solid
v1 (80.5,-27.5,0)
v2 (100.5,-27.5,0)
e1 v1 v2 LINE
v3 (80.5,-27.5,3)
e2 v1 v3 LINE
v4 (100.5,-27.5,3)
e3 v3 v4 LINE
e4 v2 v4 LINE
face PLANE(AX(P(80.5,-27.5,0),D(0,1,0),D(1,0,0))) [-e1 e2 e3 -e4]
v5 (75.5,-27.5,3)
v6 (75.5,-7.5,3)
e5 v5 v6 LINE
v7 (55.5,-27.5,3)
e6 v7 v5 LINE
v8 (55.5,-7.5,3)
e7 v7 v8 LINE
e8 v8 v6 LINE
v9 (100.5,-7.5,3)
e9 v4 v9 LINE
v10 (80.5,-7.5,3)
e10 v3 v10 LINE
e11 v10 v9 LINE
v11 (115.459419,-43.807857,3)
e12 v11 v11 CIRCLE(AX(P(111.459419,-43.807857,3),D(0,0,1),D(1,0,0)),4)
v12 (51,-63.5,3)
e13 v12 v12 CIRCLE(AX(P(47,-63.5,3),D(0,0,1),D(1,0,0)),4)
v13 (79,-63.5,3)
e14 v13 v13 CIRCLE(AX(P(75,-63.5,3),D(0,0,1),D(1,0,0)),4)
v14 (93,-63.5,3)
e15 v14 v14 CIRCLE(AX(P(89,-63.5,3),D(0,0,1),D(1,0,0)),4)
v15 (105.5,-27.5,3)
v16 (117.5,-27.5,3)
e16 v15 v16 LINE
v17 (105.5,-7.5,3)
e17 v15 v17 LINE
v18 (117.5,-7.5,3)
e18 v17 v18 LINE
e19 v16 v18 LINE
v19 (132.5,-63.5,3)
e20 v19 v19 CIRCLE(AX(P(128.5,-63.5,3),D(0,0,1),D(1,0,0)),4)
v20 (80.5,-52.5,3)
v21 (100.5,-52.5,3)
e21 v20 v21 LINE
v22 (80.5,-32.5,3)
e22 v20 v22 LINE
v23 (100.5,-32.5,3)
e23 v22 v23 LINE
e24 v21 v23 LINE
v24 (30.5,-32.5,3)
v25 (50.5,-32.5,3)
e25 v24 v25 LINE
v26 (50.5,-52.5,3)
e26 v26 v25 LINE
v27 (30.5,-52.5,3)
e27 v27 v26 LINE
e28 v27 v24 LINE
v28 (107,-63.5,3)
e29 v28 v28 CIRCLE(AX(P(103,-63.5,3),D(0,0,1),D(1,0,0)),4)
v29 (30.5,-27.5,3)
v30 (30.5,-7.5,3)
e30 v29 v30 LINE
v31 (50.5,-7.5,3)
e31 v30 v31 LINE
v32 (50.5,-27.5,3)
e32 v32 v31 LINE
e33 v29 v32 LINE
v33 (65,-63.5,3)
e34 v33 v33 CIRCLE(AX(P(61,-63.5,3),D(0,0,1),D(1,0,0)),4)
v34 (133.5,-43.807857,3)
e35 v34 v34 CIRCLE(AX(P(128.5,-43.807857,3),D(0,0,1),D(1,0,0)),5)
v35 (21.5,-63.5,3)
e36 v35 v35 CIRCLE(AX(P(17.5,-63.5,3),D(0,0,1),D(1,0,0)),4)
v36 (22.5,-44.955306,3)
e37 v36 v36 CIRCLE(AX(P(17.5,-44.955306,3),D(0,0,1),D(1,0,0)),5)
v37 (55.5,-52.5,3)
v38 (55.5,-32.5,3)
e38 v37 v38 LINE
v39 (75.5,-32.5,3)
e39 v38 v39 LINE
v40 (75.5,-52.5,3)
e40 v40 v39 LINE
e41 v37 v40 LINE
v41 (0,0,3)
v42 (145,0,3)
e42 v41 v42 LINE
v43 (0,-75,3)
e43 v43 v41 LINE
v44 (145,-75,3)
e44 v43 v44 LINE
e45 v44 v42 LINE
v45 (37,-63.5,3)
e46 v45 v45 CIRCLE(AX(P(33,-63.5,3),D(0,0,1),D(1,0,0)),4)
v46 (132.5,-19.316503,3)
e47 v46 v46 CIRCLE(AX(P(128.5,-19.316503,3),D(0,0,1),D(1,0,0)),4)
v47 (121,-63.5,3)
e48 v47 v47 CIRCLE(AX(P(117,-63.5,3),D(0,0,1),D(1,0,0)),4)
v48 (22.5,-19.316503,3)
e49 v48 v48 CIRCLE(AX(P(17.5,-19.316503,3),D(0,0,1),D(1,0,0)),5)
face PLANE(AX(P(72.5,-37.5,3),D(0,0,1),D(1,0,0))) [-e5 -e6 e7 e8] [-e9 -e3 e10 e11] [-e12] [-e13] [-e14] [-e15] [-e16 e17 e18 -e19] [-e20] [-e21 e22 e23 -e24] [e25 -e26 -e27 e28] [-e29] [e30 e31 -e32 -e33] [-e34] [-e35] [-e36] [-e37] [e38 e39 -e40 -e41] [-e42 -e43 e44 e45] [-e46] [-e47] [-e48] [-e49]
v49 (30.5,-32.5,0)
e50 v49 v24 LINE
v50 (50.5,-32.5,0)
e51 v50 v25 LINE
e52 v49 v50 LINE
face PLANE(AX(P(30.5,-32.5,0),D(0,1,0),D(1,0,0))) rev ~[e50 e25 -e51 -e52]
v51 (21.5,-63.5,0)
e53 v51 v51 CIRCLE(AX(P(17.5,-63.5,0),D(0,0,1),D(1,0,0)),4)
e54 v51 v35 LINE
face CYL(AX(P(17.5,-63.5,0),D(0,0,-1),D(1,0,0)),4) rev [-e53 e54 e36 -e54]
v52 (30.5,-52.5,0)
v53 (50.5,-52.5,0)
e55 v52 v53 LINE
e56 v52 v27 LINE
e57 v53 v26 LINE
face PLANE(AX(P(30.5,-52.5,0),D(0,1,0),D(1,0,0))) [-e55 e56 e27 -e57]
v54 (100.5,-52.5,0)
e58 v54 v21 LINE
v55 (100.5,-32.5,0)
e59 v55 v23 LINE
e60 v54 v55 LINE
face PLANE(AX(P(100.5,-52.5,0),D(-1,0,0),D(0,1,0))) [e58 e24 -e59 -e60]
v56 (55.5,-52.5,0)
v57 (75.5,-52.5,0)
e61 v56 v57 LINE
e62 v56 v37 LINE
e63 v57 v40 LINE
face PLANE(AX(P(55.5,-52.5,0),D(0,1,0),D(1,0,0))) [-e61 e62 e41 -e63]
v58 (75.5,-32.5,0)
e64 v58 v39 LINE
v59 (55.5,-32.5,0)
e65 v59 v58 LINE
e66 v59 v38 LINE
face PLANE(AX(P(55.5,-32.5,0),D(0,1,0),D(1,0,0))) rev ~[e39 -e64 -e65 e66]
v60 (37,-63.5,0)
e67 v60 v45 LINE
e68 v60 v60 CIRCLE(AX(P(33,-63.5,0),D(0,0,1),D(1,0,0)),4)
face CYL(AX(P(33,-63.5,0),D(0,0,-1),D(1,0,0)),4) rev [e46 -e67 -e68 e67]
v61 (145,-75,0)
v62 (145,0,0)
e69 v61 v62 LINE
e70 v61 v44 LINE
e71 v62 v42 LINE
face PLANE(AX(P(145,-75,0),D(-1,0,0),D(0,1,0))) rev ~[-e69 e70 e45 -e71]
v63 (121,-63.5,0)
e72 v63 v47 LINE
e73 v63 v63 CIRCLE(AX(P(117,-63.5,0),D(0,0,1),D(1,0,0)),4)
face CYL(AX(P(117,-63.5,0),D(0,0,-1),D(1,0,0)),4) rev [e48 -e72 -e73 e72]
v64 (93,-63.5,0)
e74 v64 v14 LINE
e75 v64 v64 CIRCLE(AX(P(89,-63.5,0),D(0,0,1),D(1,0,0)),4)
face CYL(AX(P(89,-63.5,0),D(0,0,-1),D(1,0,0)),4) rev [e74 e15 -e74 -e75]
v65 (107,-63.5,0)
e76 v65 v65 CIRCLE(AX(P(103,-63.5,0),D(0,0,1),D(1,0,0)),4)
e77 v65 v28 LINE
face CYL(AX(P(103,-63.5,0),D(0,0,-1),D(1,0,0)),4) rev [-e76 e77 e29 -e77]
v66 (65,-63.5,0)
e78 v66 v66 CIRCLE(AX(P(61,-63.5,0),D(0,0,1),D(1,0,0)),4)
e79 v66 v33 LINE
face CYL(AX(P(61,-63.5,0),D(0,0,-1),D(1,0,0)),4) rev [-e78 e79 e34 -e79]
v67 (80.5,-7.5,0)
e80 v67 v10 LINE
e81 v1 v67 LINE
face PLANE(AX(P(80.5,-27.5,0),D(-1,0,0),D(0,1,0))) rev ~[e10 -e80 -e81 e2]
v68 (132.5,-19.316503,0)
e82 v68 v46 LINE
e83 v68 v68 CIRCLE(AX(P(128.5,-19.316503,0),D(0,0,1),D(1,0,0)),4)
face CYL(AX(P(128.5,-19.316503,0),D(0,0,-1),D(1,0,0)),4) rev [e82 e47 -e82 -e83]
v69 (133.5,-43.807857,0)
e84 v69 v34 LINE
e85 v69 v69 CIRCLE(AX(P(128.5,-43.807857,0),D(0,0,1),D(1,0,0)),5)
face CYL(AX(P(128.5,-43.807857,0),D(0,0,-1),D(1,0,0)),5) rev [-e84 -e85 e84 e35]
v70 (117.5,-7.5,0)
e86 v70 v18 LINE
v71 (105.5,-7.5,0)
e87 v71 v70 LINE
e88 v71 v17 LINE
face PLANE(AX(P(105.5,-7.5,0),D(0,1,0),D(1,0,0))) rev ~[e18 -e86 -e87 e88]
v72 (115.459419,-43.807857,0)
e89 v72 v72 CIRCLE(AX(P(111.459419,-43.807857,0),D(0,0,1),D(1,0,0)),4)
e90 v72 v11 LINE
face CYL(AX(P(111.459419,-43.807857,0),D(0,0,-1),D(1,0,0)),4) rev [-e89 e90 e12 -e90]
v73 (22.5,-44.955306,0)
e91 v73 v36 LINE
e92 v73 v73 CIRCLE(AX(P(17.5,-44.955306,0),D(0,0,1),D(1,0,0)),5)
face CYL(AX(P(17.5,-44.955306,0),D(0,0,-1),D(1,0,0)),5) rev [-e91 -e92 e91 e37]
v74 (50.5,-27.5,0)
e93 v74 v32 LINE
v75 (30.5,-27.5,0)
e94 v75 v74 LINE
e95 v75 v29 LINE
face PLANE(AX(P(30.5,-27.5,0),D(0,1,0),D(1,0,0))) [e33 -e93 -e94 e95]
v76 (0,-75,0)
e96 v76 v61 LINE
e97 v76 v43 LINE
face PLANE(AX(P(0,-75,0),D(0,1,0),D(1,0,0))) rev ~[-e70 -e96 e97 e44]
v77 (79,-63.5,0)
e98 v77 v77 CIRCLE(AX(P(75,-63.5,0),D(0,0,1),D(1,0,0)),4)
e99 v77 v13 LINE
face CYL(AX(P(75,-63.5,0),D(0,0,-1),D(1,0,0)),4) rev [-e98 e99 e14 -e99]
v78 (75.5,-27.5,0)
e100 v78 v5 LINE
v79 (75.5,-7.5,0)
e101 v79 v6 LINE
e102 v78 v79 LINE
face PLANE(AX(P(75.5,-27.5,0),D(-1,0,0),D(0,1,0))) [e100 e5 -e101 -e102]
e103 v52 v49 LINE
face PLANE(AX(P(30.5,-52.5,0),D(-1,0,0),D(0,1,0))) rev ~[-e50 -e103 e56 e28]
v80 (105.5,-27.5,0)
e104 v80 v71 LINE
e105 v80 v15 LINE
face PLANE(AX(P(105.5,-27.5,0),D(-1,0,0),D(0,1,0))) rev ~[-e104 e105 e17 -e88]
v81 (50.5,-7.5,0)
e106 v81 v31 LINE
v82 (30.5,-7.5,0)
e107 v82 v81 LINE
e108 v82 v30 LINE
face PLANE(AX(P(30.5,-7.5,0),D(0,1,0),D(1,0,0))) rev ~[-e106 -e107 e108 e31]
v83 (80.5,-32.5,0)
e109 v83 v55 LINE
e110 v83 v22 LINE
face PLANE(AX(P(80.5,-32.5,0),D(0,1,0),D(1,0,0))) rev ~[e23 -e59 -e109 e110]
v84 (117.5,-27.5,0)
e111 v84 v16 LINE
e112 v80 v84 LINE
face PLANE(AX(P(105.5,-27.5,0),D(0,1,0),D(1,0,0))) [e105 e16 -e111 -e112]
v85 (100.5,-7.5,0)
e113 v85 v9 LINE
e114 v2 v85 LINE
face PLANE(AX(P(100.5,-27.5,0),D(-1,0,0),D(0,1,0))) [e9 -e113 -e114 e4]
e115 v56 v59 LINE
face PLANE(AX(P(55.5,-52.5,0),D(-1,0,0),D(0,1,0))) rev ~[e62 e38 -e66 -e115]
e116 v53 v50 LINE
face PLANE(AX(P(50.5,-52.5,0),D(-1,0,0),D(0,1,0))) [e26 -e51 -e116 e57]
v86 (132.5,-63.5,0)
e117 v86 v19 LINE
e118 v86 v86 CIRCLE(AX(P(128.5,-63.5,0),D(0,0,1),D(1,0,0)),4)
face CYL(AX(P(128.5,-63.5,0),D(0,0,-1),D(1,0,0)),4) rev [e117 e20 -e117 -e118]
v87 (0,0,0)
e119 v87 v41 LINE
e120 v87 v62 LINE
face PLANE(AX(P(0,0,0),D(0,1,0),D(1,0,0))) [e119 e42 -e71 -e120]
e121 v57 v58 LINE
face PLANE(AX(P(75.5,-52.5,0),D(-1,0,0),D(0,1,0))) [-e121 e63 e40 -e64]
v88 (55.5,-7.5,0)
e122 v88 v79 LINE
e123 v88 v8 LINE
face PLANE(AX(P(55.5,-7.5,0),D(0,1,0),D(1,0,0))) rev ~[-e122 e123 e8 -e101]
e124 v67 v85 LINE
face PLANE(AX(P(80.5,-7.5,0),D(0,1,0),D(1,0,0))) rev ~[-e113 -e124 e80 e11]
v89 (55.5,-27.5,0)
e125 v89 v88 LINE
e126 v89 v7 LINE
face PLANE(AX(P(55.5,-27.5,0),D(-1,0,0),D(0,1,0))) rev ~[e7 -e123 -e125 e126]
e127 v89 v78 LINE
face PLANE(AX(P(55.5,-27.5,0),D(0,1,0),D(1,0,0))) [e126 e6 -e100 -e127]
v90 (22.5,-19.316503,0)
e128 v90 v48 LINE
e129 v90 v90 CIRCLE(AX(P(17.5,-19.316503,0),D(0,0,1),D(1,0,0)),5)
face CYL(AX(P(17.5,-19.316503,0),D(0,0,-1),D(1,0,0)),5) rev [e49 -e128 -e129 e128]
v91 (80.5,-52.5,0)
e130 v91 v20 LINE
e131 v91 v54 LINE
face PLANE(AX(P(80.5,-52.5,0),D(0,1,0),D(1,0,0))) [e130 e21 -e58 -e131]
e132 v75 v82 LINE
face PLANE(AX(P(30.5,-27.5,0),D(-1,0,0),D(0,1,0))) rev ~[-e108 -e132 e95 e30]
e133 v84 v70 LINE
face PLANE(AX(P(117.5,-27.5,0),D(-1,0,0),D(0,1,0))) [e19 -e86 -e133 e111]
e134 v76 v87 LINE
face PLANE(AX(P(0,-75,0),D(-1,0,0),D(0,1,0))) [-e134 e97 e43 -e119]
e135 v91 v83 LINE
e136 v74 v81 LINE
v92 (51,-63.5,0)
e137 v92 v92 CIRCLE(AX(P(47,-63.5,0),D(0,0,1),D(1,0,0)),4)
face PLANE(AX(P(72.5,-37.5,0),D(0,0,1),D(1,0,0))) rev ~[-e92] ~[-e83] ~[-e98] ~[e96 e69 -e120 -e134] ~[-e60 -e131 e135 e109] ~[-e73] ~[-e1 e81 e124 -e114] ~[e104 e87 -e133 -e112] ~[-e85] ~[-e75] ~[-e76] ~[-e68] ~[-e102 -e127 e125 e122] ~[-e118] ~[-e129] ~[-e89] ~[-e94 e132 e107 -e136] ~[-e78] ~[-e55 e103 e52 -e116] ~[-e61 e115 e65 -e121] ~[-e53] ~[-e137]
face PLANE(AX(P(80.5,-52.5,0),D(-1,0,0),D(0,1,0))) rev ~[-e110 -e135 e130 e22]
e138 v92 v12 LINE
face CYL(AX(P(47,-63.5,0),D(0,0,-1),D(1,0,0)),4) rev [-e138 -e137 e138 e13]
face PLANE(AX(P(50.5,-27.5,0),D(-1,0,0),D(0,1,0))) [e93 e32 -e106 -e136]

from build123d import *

# Parameters (mm, degrees)
F0_W     = 145
F0_H     = 75
F0_R     = 4
F0_R_2   = 5
F0_W_2   = 20
F0_H_2   = 20
F0_W_3   = 12
F1_DEPTH = 3
F2_DEPTH = 1


with BuildPart() as f1:
    # F0 (on Top) → F1 (new body)
    with BuildSketch(Plane.XY):
        with Locations((72.5, -37.5)):
            Rectangle(F0_W, F0_H)
        with Locations((17.5, -63.5)):
            Circle(F0_R, mode=Mode.SUBTRACT)
        with Locations((33, -63.5)):
            Circle(F0_R, mode=Mode.SUBTRACT)
        with Locations((47, -63.5)):
            Circle(F0_R, mode=Mode.SUBTRACT)
        with Locations((61, -63.5)):
            Circle(F0_R, mode=Mode.SUBTRACT)
        with Locations((17.5, -44.955306)):
            Circle(F0_R_2, mode=Mode.SUBTRACT)
        with Locations((40.5, -42.5)):
            Rectangle(F0_W_2, F0_H_2, mode=Mode.SUBTRACT)
        with Locations((65.5, -42.5)):
            Rectangle(F0_W_2, F0_H_2, mode=Mode.SUBTRACT)
        with Locations((75, -63.5)):
            Circle(F0_R, mode=Mode.SUBTRACT)
        with Locations((89, -63.5)):
            Circle(F0_R, mode=Mode.SUBTRACT)
        with Locations((103, -63.5)):
            Circle(F0_R, mode=Mode.SUBTRACT)
        with Locations((117, -63.5)):
            Circle(F0_R, mode=Mode.SUBTRACT)
        with Locations((128.5, -63.5)):
            Circle(F0_R, mode=Mode.SUBTRACT)
        with Locations((90.5, -42.5)):
            Rectangle(F0_W_2, F0_H_2, mode=Mode.SUBTRACT)
        with Locations((111.459419, -43.807857)):
            Circle(F0_R, mode=Mode.SUBTRACT)
        with Locations((128.5, -43.807857)):
            Circle(F0_R_2, mode=Mode.SUBTRACT)
        with Locations((17.5, -19.316503)):
            Circle(F0_R_2, mode=Mode.SUBTRACT)
        with Locations((40.5, -17.5)):
            Rectangle(F0_W_2, F0_H_2, mode=Mode.SUBTRACT)
        with Locations((65.5, -17.5)):
            Rectangle(F0_W_2, F0_H_2, mode=Mode.SUBTRACT)
        with Locations((128.5, -19.316503)):
            Circle(F0_R, mode=Mode.SUBTRACT)
        with Locations((90.5, -17.5)):
            Rectangle(F0_W_2, F0_H_2, mode=Mode.SUBTRACT)
        with Locations((111.5, -17.5)):
            Rectangle(F0_W_3, F0_H_2, mode=Mode.SUBTRACT)
    extrude(amount=F1_DEPTH)


with BuildPart() as f2:
    # F0 (on Top) → F2 (new body)
    with BuildSketch(Plane.XY):
        with Locations((72.5, -37.5)):
            Rectangle(F0_W, F0_H)
        with Locations((17.5, -63.5)):
            Circle(F0_R, mode=Mode.SUBTRACT)
        with Locations((33, -63.5)):
            Circle(F0_R, mode=Mode.SUBTRACT)
        with Locations((47, -63.5)):
            Circle(F0_R, mode=Mode.SUBTRACT)
        with Locations((61, -63.5)):
            Circle(F0_R, mode=Mode.SUBTRACT)
        with Locations((17.5, -44.955306)):
            Circle(F0_R_2, mode=Mode.SUBTRACT)
        with Locations((40.5, -42.5)):
            Rectangle(F0_W_2, F0_H_2, mode=Mode.SUBTRACT)
        with Locations((65.5, -42.5)):
            Rectangle(F0_W_2, F0_H_2, mode=Mode.SUBTRACT)
        with Locations((75, -63.5)):
            Circle(F0_R, mode=Mode.SUBTRACT)
        with Locations((89, -63.5)):
            Circle(F0_R, mode=Mode.SUBTRACT)
        with Locations((103, -63.5)):
            Circle(F0_R, mode=Mode.SUBTRACT)
        with Locations((117, -63.5)):
            Circle(F0_R, mode=Mode.SUBTRACT)
        with Locations((128.5, -63.5)):
            Circle(F0_R, mode=Mode.SUBTRACT)
        with Locations((90.5, -42.5)):
            Rectangle(F0_W_2, F0_H_2, mode=Mode.SUBTRACT)
        with Locations((111.459419, -43.807857)):
            Circle(F0_R, mode=Mode.SUBTRACT)
        with Locations((128.5, -43.807857)):
            Circle(F0_R_2, mode=Mode.SUBTRACT)
        with Locations((17.5, -19.316503)):
            Circle(F0_R_2, mode=Mode.SUBTRACT)
        with Locations((40.5, -17.5)):
            Rectangle(F0_W_2, F0_H_2, mode=Mode.SUBTRACT)
        with Locations((65.5, -17.5)):
            Rectangle(F0_W_2, F0_H_2, mode=Mode.SUBTRACT)
        with Locations((128.5, -19.316503)):
            Circle(F0_R, mode=Mode.SUBTRACT)
        with Locations((90.5, -17.5)):
            Rectangle(F0_W_2, F0_H_2, mode=Mode.SUBTRACT)
        with Locations((111.5, -17.5)):
            Rectangle(F0_W_3, F0_H_2, mode=Mode.SUBTRACT)
    extrude(amount=-F2_DEPTH)


solid = f1.part
